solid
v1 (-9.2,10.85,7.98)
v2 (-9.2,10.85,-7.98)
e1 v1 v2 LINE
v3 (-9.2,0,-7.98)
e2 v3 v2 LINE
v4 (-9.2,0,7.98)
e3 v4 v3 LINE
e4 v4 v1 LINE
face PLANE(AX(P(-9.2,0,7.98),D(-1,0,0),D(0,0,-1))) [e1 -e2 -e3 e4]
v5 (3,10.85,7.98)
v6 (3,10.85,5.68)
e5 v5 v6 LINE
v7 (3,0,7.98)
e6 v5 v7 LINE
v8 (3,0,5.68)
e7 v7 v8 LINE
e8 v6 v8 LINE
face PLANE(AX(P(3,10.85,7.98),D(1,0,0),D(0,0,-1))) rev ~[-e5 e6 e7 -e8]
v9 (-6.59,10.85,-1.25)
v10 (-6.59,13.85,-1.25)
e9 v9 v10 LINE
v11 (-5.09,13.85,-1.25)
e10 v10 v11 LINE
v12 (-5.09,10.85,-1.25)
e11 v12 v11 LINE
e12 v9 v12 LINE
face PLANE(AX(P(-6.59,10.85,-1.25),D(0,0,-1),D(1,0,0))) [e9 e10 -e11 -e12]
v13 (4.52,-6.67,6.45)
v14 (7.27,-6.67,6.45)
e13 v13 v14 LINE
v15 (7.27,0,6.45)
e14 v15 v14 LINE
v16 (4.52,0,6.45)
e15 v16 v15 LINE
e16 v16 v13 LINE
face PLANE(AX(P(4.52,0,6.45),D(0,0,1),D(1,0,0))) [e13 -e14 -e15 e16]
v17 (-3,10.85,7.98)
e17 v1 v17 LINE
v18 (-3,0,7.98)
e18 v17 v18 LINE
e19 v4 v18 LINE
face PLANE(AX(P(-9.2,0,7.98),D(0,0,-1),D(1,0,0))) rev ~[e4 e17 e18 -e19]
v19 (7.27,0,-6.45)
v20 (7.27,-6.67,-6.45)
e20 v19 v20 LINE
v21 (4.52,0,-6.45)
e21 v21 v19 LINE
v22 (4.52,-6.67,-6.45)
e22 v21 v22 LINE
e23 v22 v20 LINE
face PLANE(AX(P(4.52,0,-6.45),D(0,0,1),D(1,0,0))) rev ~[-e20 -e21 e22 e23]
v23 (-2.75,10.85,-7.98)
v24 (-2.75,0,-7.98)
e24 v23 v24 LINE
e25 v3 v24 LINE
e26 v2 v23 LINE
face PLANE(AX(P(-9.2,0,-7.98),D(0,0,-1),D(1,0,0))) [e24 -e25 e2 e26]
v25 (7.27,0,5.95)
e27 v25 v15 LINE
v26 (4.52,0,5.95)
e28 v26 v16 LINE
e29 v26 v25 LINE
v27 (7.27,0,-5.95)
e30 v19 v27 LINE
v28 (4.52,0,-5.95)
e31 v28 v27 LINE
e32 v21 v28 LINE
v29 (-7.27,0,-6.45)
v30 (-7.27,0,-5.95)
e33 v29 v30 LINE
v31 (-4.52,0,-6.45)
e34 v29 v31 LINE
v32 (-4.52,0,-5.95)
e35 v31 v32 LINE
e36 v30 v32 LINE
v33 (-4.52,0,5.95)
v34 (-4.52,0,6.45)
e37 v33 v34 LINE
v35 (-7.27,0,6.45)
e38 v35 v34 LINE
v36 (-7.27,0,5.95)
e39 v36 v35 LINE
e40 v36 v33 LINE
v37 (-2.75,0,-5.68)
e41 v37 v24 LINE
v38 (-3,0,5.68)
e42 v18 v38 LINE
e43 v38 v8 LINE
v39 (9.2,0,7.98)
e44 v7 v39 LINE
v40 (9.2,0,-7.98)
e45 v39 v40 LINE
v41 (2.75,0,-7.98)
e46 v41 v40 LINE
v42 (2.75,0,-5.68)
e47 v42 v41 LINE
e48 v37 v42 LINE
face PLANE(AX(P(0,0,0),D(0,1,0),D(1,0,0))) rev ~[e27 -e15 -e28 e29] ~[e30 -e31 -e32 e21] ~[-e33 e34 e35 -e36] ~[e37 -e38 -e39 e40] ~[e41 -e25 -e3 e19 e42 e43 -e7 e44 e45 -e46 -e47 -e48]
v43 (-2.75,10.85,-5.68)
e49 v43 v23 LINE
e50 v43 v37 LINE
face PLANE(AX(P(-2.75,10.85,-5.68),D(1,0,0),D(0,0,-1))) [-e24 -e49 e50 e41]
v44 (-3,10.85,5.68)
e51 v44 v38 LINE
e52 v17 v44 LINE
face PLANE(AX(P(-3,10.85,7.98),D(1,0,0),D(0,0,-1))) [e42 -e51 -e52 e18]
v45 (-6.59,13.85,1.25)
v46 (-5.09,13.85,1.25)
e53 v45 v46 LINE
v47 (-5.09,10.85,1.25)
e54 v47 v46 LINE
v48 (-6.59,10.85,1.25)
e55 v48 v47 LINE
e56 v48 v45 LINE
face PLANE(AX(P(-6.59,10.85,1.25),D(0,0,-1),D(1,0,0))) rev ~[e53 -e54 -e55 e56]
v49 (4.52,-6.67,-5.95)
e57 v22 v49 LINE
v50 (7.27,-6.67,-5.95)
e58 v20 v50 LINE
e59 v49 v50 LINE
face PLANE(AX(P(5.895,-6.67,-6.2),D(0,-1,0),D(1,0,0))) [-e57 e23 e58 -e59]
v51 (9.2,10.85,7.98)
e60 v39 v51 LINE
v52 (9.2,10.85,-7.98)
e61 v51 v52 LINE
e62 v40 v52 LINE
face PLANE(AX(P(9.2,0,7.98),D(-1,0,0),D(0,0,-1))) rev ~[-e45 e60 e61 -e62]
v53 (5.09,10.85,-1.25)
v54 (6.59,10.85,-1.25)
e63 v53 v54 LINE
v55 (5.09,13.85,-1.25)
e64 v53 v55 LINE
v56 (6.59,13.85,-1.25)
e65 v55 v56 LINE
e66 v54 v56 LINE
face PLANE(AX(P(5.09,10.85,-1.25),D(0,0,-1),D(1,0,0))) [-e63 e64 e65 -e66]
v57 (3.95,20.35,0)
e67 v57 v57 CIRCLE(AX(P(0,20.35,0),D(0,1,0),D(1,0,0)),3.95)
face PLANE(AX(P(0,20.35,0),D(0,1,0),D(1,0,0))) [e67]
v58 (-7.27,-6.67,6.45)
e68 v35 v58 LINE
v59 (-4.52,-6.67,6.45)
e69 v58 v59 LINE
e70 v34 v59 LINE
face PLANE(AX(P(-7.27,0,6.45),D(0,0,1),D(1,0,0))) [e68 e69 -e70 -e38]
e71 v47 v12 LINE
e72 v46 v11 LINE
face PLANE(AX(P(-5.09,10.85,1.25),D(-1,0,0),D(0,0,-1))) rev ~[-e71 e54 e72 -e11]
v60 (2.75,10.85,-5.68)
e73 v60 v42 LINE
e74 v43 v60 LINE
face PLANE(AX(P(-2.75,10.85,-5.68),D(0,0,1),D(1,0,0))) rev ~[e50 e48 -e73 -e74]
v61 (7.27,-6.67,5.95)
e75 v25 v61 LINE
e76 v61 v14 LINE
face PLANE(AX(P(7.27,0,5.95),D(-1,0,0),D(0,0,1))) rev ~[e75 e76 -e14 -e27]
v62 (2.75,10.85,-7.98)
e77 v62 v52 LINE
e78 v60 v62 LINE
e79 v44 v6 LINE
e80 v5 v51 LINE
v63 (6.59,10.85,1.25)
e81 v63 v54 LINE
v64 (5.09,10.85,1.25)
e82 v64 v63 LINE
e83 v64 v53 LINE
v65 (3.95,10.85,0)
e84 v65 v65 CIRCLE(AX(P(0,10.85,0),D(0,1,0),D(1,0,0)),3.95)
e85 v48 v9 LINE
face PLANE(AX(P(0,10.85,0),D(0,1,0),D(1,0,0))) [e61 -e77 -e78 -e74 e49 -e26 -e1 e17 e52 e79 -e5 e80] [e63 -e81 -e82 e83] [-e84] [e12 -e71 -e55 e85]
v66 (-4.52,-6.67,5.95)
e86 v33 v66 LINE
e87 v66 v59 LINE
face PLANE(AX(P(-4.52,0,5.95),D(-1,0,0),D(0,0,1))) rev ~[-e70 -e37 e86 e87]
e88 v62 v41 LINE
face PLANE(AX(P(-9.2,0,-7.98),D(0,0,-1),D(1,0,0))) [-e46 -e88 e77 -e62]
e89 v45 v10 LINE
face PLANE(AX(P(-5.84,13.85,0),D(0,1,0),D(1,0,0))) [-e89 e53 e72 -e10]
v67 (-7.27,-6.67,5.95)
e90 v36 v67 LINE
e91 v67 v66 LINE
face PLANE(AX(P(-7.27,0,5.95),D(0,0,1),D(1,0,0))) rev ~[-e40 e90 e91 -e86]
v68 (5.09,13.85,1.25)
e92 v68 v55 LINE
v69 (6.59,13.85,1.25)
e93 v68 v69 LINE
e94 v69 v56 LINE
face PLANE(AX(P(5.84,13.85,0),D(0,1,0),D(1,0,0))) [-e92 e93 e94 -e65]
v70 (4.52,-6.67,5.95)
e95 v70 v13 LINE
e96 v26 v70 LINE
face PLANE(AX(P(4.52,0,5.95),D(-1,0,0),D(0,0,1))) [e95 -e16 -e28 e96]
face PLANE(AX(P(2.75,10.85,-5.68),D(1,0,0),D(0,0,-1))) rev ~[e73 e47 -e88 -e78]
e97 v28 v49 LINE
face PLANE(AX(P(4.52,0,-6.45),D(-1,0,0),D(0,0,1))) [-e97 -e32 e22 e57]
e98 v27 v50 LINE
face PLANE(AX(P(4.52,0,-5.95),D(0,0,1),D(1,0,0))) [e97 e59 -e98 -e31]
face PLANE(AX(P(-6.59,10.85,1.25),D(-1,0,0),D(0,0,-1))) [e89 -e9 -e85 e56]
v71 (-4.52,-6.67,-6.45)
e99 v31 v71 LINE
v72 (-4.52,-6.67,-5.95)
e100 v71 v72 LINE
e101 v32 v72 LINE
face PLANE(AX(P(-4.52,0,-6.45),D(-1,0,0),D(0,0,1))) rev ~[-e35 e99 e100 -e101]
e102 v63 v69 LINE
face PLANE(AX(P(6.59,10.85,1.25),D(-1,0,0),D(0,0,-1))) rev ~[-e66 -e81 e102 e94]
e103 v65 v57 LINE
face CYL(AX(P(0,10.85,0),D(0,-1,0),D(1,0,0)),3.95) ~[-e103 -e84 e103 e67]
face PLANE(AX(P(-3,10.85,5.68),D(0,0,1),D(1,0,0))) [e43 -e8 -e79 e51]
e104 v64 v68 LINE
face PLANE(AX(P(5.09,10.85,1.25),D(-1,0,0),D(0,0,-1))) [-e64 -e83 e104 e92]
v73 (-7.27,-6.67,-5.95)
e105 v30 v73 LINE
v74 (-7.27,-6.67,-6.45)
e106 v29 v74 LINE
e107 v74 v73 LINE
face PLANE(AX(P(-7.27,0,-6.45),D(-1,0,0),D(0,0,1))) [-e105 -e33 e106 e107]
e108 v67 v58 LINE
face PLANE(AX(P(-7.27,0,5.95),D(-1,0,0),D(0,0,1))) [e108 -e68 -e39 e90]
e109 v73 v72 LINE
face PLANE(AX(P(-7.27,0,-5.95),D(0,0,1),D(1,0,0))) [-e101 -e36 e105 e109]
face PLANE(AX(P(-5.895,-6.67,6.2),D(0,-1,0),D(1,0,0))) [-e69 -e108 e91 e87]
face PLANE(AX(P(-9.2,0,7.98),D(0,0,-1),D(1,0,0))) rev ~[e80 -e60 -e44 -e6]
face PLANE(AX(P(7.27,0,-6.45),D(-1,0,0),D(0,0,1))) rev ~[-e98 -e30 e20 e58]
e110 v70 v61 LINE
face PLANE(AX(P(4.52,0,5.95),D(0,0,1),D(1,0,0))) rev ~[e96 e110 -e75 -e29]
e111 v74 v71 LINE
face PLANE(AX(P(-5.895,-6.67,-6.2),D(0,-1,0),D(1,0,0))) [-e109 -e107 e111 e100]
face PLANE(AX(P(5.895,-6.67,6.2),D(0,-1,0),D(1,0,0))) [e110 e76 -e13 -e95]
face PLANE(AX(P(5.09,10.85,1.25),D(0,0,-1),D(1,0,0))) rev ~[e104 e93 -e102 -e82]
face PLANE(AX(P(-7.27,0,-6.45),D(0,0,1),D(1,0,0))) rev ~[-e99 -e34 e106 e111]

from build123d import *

# Parameters (mm, degrees)
SKETCH1_W           = 18.4
SKETCH1_H           = 15.96
BOSS_EXTRUDE1_DEPTH = 10.85
SKETCH2_W           = 2.75
SKETCH2_H           = 0.5
BOSS_EXTRUDE2_DEPTH = 6.67
SKETCH3_W           = 5.5
SKETCH3_H           = 2.3
SKETCH3_W_2         = 6
CUT_EXTRUDE1_DEPTH  = 18.52
SKETCH4_R           = 3.95
BOSS_EXTRUDE3_DEPTH = 9.5
SKETCH5_W           = 1.5
SKETCH5_H           = 2.5
BOSS_EXTRUDE4_DEPTH = 3


with BuildPart() as part:
    # Sketch1 → Boss-Extrude1 (new body)
    with BuildSketch(Plane(origin=(0, 0, 0), x_dir=(1, 0, 0), z_dir=(0, 1, 0))):
        Rectangle(SKETCH1_W, SKETCH1_H)
    extrude(amount=BOSS_EXTRUDE1_DEPTH)

    # Sketch2 → Boss-Extrude2 (add)
    with BuildSketch(Plane.XZ):
        with Locations((-5.895, -6.2)):
            Rectangle(SKETCH2_W, SKETCH2_H)
        with Locations((-5.895, 6.2)):
            Rectangle(SKETCH2_W, SKETCH2_H)
        with Locations((5.895, -6.2)):
            Rectangle(SKETCH2_W, SKETCH2_H)
        with Locations((5.895, 6.2)):
            Rectangle(SKETCH2_W, SKETCH2_H)
    extrude(amount=BOSS_EXTRUDE2_DEPTH)

    # Sketch3 → Cut-Extrude1 (cut, through all)
    with BuildSketch(Plane(origin=(0, 10.85, 0), x_dir=(1, 0, 0), z_dir=(0, 1, 0))):
        with Locations((0, 6.83)):
            Rectangle(SKETCH3_W, SKETCH3_H)
        with Locations((0, -6.83)):
            Rectangle(SKETCH3_W_2, SKETCH3_H)
    extrude(amount=-CUT_EXTRUDE1_DEPTH, mode=Mode.SUBTRACT)

    # Sketch4 → Boss-Extrude3 (add)
    with BuildSketch(Plane(origin=(0, 10.85, 0), x_dir=(1, 0, 0), z_dir=(0, 1, 0))):
        Circle(SKETCH4_R)
    extrude(amount=BOSS_EXTRUDE3_DEPTH)

    # Sketch5 → Boss-Extrude4 (add)
    with BuildSketch(Plane(origin=(0, 10.85, 0), x_dir=(1, 0, 0), z_dir=(0, 1, 0))):
        with Locations((-5.84, 0)):
            Rectangle(SKETCH5_W, SKETCH5_H)
        with Locations((5.84, 0)):
            Rectangle(SKETCH5_W, SKETCH5_H)
    extrude(amount=BOSS_EXTRUDE4_DEPTH)


solid = part.part
